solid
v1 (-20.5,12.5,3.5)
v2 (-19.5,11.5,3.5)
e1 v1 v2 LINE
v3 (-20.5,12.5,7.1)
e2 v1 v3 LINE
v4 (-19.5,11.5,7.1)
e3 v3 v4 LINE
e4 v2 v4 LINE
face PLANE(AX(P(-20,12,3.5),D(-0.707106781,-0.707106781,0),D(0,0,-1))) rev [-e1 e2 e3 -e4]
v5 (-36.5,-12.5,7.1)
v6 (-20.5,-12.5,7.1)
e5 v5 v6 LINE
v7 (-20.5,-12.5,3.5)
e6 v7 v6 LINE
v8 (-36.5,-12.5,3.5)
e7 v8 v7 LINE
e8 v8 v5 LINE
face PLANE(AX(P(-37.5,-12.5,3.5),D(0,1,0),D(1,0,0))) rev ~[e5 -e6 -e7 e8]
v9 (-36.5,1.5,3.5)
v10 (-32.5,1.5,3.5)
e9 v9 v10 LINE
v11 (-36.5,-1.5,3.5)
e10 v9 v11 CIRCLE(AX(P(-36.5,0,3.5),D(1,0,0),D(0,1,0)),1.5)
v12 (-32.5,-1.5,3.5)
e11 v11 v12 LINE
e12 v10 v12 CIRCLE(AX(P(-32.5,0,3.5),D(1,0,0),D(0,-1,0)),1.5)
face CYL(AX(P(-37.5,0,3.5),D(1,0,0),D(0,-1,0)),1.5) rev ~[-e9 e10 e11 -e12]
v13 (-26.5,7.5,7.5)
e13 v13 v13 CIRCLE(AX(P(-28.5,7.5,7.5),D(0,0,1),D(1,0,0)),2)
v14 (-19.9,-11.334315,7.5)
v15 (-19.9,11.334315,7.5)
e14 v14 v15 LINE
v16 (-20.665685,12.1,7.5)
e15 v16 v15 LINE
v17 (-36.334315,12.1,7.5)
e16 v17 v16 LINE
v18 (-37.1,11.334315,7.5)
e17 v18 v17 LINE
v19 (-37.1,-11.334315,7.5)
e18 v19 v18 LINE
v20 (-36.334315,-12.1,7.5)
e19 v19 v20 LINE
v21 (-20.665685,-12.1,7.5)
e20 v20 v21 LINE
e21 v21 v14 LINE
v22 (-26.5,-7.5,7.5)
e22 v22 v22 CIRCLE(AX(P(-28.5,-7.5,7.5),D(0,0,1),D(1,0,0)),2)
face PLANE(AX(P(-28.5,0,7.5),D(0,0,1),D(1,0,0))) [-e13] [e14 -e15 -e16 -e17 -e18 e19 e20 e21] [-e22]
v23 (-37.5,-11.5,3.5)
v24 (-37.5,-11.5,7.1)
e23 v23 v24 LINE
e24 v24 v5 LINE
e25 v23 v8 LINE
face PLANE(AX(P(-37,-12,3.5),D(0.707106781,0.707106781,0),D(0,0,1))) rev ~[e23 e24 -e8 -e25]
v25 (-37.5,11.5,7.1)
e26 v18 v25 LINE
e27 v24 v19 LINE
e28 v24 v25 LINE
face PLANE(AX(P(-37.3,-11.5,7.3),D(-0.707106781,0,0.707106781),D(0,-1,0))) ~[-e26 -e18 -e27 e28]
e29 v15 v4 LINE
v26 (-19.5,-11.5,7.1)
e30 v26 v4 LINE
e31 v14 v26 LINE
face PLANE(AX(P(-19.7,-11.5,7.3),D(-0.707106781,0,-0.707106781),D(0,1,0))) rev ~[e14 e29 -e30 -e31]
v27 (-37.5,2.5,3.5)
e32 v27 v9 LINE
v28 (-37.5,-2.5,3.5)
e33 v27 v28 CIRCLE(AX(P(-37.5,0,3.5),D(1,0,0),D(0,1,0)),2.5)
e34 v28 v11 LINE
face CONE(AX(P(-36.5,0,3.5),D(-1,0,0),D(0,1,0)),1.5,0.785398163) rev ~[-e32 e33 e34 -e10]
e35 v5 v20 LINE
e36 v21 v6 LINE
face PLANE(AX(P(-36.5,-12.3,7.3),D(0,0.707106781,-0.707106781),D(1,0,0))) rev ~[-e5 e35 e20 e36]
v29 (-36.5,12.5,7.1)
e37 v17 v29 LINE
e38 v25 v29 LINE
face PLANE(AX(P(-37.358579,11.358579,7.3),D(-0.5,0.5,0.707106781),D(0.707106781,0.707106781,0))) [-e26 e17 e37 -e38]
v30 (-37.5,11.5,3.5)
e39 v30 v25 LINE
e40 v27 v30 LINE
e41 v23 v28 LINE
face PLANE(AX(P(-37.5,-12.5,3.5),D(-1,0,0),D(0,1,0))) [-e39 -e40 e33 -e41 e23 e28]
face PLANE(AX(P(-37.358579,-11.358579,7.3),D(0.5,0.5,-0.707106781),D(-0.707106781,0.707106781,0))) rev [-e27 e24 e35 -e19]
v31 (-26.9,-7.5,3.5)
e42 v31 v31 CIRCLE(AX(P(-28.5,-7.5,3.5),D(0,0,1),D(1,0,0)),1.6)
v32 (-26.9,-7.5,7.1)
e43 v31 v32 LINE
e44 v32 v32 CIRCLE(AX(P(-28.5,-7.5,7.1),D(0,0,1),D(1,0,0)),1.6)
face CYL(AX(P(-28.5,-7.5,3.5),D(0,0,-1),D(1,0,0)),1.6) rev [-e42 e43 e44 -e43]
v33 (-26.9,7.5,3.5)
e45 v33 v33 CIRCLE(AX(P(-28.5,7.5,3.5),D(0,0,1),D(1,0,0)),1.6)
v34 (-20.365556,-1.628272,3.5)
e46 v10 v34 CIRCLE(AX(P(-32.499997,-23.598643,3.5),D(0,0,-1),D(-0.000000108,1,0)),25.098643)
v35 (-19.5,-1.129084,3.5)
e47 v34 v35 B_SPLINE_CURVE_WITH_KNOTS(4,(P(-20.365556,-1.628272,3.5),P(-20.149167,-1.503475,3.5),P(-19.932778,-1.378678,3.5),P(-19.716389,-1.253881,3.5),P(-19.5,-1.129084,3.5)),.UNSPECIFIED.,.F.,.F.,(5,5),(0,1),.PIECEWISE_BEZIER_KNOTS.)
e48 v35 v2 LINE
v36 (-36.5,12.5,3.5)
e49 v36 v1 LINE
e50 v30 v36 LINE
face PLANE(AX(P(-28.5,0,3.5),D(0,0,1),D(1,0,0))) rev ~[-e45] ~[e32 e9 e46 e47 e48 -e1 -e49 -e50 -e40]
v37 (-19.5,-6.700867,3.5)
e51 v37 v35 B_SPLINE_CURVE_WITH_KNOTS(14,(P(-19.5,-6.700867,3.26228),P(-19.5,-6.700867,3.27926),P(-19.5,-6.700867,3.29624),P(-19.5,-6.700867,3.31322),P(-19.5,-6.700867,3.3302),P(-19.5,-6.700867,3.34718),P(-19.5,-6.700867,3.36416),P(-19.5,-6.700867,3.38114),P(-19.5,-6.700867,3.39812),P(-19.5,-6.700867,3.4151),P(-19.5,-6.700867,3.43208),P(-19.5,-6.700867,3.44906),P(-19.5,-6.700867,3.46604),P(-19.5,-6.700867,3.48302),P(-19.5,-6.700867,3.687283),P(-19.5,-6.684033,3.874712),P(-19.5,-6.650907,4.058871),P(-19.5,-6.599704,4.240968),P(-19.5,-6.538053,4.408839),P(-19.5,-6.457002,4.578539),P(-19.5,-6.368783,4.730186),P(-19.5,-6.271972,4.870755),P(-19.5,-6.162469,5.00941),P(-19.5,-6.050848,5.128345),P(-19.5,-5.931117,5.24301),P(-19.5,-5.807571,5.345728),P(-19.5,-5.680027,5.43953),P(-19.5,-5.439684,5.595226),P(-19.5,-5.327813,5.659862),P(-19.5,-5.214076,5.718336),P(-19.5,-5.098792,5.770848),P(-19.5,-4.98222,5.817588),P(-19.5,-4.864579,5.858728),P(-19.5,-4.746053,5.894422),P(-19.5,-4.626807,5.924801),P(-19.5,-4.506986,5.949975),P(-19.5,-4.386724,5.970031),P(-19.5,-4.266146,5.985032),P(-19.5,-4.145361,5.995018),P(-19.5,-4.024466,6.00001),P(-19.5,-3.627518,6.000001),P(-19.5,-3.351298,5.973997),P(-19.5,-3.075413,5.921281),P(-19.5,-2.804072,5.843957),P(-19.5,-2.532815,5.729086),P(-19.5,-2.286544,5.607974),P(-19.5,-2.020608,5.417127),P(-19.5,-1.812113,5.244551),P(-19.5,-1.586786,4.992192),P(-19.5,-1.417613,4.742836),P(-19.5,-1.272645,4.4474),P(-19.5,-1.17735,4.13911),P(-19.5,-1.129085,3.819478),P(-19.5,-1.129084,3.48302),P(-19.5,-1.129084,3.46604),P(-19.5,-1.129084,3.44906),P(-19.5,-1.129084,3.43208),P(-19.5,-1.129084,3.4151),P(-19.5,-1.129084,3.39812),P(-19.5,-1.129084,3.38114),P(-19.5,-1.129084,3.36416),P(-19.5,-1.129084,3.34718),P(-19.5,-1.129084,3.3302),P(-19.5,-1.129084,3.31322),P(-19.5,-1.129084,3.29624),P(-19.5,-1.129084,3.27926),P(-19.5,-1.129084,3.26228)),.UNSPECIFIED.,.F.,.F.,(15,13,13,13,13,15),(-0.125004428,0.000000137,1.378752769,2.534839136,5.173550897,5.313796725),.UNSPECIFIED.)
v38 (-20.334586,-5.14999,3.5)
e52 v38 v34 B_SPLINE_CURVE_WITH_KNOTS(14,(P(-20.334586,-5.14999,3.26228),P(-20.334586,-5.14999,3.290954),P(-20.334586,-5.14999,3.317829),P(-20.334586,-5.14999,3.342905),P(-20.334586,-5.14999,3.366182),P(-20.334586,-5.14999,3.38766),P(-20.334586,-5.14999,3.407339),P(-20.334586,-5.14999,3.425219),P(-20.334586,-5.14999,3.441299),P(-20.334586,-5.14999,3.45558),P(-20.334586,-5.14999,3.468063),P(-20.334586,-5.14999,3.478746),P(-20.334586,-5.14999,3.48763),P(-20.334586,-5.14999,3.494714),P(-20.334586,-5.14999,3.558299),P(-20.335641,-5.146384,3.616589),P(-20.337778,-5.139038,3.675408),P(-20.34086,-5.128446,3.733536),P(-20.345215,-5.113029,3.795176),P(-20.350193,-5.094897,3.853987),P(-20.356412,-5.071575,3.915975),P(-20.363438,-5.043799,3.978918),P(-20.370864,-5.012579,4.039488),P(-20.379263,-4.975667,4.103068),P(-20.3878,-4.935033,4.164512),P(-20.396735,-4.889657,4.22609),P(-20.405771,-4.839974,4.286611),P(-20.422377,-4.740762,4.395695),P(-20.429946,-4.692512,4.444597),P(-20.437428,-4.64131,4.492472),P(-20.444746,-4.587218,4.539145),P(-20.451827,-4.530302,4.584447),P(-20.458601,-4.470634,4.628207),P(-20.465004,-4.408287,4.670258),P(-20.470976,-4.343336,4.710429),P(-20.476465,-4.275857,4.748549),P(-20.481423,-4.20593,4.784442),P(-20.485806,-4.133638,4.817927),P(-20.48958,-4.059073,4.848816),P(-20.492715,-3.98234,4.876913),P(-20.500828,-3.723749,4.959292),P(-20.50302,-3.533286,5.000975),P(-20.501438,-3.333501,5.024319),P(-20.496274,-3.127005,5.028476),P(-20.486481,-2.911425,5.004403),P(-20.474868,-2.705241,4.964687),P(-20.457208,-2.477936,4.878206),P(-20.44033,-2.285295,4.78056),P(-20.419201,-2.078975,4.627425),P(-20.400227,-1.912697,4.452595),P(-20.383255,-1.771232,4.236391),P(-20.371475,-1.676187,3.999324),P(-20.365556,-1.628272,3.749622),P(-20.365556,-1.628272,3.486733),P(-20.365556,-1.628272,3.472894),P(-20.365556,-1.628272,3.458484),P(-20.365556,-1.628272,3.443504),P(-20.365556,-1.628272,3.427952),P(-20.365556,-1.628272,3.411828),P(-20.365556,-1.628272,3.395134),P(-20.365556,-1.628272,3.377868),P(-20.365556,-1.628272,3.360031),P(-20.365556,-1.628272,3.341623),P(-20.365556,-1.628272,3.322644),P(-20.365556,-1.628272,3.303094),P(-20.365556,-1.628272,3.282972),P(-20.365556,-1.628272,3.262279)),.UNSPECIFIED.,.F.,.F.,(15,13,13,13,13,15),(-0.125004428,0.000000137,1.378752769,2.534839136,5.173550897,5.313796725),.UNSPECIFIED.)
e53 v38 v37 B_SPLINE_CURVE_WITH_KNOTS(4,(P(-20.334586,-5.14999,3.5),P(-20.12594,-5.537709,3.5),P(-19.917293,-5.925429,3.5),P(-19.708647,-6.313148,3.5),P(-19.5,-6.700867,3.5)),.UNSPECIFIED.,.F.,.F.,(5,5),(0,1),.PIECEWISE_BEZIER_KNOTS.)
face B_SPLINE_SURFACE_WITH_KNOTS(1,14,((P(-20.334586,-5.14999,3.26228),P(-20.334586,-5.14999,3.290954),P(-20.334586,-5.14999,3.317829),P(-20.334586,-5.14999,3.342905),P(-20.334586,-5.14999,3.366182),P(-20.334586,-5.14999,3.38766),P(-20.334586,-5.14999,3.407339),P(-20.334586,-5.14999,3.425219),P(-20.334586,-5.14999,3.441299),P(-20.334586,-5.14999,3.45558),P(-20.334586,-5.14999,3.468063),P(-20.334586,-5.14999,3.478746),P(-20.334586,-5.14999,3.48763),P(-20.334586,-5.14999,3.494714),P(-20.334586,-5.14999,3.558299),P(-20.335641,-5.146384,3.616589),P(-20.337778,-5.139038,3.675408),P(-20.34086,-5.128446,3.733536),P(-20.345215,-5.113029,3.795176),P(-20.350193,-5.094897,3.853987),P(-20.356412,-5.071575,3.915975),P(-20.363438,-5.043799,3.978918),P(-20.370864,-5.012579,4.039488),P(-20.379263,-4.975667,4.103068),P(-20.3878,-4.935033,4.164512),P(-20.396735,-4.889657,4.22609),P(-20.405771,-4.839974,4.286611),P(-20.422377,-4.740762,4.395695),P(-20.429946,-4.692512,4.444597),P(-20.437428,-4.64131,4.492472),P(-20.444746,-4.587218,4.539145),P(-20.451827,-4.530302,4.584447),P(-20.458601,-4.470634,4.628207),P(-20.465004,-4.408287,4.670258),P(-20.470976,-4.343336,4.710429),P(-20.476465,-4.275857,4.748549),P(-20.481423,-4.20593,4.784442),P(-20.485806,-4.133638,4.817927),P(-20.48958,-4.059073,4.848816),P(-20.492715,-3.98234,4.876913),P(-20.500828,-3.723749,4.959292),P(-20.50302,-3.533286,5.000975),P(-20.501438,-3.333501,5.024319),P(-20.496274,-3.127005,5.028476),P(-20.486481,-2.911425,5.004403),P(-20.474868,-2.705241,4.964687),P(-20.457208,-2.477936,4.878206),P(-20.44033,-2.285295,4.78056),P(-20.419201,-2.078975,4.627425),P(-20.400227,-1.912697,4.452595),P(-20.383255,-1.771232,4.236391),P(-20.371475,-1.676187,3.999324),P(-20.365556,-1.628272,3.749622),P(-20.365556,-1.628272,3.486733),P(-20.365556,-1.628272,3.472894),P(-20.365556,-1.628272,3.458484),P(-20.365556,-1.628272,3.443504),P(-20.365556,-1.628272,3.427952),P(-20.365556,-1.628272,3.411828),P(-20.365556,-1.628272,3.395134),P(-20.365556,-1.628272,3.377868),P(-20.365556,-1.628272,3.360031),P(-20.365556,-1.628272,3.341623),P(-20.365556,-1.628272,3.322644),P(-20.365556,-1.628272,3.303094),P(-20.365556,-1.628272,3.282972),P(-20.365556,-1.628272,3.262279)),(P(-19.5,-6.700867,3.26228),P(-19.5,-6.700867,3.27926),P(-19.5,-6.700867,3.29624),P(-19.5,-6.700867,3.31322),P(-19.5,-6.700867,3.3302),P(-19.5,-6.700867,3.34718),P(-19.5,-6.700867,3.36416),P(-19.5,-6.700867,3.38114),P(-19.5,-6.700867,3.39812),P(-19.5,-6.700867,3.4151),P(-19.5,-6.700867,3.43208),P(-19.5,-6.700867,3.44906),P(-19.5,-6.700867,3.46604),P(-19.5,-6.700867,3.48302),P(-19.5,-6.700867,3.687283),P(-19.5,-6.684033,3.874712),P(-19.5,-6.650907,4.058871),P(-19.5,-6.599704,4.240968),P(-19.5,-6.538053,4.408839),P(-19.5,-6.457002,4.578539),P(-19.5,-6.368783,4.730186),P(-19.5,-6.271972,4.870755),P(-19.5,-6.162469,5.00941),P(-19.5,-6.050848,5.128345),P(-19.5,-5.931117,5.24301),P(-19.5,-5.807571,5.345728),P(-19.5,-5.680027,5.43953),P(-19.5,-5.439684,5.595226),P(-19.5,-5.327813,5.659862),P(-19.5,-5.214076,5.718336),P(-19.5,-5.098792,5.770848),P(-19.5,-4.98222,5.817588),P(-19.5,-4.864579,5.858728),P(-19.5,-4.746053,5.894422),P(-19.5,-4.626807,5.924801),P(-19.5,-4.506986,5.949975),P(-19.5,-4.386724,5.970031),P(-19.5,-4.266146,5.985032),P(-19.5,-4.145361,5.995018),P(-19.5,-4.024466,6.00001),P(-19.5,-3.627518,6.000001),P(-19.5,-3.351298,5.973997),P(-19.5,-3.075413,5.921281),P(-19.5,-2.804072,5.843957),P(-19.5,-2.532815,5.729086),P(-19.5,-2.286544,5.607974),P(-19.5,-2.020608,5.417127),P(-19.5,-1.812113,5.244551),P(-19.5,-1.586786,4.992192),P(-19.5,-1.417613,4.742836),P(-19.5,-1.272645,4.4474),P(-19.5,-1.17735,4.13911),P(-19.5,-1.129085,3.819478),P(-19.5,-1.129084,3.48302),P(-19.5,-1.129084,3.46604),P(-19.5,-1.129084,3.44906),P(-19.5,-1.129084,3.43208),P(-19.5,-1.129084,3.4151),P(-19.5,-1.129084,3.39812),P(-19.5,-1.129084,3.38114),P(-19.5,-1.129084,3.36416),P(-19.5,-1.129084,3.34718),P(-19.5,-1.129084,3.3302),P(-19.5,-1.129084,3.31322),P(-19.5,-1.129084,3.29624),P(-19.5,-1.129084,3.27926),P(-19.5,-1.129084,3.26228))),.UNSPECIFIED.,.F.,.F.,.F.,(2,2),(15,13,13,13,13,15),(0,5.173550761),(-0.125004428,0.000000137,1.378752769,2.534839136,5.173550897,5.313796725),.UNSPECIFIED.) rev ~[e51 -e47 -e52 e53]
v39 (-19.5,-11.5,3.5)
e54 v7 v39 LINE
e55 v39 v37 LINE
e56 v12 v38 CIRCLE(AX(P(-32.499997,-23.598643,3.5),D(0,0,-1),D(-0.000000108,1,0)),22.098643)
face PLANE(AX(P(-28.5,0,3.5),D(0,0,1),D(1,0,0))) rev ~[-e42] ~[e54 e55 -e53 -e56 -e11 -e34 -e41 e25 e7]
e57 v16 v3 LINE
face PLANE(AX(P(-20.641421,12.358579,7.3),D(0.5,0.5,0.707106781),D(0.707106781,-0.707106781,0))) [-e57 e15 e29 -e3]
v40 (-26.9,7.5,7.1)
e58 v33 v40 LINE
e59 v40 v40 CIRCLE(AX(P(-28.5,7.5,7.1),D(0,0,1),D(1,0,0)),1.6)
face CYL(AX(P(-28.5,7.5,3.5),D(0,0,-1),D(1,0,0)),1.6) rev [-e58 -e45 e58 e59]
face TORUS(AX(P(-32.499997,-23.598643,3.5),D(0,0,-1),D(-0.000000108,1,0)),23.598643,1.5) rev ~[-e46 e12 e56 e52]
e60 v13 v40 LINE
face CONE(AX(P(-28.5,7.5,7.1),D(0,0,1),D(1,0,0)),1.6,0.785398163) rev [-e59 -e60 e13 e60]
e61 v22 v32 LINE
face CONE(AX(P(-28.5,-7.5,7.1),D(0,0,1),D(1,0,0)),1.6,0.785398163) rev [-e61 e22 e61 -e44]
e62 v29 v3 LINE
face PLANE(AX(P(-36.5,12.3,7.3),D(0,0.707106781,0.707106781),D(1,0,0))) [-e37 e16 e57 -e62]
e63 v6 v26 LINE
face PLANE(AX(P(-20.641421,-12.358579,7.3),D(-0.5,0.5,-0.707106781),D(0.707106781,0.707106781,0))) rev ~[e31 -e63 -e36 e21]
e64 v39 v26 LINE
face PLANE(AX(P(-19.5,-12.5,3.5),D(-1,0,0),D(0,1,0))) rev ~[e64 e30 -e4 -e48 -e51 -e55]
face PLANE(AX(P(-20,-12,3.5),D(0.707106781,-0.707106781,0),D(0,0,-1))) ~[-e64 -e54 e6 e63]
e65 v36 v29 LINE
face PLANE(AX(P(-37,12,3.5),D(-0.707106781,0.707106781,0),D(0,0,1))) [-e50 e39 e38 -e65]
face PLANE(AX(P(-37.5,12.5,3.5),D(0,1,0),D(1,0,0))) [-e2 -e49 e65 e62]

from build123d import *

# Parameters (mm, degrees)
SKETCH027_W     = 18
SKETCH027_H     = 25
SKETCH027_R     = 1.6
PAD008_DEPTH    = 4
SKETCH028_R     = 1.5
CHAMFER011_SIZE = 1
CHAMFER033_SIZE = 1
CHAMFER039_SIZE = 0.4


with BuildPart() as part:
    # Sketch027 (on Binder) → Pad008 (new body)
    with BuildSketch(Plane.XY):
        with Locations((-28.5, 0)):
            Rectangle(SKETCH027_W, SKETCH027_H)
        with Locations((-28.5, 7.5)):
            Circle(SKETCH027_R, mode=Mode.SUBTRACT)
        with Locations((-28.5, -7.5)):
            Circle(SKETCH027_R, mode=Mode.SUBTRACT)
    extrude(amount=PAD008_DEPTH)

    # Pipe002: sweep along a path in Sketch029
    with BuildLine(Plane(origin=(0, 0, 0), x_dir=(1, 0, 0), z_dir=(0, 0, -1))) as pipe002_path:
        Line((-37.5, 0), (-32.5, 0))
        ThreePointArc((-32.5, 0), (-25.713288, 0.99695), (-19.5, 3.903567))
        Line((-19.5, 3.903567), (0, 16.774801))
    # Sketch028 (on Face4 of Pad008) → Pipe002 (sweep, cut)
    with BuildSketch(Plane(origin=(-37.5, 0, 0), x_dir=(0, -1, 0), z_dir=(-1, 0, 0))):
        Circle(SKETCH028_R)
    sweep(path=pipe002_path.line, mode=Mode.SUBTRACT)

    # Chamfer011
    chamfer011_edges = [part.edges().sort_by_distance(p)[0] for p in [
        (-37.5, 0, 1.5),
        (-19.5, -2.700188, 1.106038),
    ]]
    chamfer(chamfer011_edges, length=CHAMFER011_SIZE)

    # Chamfer033
    chamfer033_edges = [part.edges().sort_by_distance(p)[0] for p in [
        (-37.5, -12.5, 2),
        (-19.5, -12.5, 2),
        (-19.5, 12.5, 2),
        (-37.5, 12.5, 2),
    ]]
    chamfer(chamfer033_edges, length=CHAMFER033_SIZE)

    # Chamfer039
    chamfer039_edges = [part.edges().sort_by_distance(p)[0] for p in [
        (-28.5, 12.5, 4),
        (-37, 12, 4),
        (-20, 12, 4),
        (-37.5, 0, 4),
        (-19.5, 0, 4),
        (-37, -12, 4),
        (-20, -12, 4),
        (-28.5, -12.5, 4),
        (-30.1, 7.5, 4),
        (-30.1, -7.5, 4),
    ]]
    chamfer(chamfer039_edges, length=CHAMFER039_SIZE)


with BuildPart() as part_1:
    # Body005 placement: moved
    add(part.part.moved(Location((0, 0, 3.5))))


solid = part_1.part
